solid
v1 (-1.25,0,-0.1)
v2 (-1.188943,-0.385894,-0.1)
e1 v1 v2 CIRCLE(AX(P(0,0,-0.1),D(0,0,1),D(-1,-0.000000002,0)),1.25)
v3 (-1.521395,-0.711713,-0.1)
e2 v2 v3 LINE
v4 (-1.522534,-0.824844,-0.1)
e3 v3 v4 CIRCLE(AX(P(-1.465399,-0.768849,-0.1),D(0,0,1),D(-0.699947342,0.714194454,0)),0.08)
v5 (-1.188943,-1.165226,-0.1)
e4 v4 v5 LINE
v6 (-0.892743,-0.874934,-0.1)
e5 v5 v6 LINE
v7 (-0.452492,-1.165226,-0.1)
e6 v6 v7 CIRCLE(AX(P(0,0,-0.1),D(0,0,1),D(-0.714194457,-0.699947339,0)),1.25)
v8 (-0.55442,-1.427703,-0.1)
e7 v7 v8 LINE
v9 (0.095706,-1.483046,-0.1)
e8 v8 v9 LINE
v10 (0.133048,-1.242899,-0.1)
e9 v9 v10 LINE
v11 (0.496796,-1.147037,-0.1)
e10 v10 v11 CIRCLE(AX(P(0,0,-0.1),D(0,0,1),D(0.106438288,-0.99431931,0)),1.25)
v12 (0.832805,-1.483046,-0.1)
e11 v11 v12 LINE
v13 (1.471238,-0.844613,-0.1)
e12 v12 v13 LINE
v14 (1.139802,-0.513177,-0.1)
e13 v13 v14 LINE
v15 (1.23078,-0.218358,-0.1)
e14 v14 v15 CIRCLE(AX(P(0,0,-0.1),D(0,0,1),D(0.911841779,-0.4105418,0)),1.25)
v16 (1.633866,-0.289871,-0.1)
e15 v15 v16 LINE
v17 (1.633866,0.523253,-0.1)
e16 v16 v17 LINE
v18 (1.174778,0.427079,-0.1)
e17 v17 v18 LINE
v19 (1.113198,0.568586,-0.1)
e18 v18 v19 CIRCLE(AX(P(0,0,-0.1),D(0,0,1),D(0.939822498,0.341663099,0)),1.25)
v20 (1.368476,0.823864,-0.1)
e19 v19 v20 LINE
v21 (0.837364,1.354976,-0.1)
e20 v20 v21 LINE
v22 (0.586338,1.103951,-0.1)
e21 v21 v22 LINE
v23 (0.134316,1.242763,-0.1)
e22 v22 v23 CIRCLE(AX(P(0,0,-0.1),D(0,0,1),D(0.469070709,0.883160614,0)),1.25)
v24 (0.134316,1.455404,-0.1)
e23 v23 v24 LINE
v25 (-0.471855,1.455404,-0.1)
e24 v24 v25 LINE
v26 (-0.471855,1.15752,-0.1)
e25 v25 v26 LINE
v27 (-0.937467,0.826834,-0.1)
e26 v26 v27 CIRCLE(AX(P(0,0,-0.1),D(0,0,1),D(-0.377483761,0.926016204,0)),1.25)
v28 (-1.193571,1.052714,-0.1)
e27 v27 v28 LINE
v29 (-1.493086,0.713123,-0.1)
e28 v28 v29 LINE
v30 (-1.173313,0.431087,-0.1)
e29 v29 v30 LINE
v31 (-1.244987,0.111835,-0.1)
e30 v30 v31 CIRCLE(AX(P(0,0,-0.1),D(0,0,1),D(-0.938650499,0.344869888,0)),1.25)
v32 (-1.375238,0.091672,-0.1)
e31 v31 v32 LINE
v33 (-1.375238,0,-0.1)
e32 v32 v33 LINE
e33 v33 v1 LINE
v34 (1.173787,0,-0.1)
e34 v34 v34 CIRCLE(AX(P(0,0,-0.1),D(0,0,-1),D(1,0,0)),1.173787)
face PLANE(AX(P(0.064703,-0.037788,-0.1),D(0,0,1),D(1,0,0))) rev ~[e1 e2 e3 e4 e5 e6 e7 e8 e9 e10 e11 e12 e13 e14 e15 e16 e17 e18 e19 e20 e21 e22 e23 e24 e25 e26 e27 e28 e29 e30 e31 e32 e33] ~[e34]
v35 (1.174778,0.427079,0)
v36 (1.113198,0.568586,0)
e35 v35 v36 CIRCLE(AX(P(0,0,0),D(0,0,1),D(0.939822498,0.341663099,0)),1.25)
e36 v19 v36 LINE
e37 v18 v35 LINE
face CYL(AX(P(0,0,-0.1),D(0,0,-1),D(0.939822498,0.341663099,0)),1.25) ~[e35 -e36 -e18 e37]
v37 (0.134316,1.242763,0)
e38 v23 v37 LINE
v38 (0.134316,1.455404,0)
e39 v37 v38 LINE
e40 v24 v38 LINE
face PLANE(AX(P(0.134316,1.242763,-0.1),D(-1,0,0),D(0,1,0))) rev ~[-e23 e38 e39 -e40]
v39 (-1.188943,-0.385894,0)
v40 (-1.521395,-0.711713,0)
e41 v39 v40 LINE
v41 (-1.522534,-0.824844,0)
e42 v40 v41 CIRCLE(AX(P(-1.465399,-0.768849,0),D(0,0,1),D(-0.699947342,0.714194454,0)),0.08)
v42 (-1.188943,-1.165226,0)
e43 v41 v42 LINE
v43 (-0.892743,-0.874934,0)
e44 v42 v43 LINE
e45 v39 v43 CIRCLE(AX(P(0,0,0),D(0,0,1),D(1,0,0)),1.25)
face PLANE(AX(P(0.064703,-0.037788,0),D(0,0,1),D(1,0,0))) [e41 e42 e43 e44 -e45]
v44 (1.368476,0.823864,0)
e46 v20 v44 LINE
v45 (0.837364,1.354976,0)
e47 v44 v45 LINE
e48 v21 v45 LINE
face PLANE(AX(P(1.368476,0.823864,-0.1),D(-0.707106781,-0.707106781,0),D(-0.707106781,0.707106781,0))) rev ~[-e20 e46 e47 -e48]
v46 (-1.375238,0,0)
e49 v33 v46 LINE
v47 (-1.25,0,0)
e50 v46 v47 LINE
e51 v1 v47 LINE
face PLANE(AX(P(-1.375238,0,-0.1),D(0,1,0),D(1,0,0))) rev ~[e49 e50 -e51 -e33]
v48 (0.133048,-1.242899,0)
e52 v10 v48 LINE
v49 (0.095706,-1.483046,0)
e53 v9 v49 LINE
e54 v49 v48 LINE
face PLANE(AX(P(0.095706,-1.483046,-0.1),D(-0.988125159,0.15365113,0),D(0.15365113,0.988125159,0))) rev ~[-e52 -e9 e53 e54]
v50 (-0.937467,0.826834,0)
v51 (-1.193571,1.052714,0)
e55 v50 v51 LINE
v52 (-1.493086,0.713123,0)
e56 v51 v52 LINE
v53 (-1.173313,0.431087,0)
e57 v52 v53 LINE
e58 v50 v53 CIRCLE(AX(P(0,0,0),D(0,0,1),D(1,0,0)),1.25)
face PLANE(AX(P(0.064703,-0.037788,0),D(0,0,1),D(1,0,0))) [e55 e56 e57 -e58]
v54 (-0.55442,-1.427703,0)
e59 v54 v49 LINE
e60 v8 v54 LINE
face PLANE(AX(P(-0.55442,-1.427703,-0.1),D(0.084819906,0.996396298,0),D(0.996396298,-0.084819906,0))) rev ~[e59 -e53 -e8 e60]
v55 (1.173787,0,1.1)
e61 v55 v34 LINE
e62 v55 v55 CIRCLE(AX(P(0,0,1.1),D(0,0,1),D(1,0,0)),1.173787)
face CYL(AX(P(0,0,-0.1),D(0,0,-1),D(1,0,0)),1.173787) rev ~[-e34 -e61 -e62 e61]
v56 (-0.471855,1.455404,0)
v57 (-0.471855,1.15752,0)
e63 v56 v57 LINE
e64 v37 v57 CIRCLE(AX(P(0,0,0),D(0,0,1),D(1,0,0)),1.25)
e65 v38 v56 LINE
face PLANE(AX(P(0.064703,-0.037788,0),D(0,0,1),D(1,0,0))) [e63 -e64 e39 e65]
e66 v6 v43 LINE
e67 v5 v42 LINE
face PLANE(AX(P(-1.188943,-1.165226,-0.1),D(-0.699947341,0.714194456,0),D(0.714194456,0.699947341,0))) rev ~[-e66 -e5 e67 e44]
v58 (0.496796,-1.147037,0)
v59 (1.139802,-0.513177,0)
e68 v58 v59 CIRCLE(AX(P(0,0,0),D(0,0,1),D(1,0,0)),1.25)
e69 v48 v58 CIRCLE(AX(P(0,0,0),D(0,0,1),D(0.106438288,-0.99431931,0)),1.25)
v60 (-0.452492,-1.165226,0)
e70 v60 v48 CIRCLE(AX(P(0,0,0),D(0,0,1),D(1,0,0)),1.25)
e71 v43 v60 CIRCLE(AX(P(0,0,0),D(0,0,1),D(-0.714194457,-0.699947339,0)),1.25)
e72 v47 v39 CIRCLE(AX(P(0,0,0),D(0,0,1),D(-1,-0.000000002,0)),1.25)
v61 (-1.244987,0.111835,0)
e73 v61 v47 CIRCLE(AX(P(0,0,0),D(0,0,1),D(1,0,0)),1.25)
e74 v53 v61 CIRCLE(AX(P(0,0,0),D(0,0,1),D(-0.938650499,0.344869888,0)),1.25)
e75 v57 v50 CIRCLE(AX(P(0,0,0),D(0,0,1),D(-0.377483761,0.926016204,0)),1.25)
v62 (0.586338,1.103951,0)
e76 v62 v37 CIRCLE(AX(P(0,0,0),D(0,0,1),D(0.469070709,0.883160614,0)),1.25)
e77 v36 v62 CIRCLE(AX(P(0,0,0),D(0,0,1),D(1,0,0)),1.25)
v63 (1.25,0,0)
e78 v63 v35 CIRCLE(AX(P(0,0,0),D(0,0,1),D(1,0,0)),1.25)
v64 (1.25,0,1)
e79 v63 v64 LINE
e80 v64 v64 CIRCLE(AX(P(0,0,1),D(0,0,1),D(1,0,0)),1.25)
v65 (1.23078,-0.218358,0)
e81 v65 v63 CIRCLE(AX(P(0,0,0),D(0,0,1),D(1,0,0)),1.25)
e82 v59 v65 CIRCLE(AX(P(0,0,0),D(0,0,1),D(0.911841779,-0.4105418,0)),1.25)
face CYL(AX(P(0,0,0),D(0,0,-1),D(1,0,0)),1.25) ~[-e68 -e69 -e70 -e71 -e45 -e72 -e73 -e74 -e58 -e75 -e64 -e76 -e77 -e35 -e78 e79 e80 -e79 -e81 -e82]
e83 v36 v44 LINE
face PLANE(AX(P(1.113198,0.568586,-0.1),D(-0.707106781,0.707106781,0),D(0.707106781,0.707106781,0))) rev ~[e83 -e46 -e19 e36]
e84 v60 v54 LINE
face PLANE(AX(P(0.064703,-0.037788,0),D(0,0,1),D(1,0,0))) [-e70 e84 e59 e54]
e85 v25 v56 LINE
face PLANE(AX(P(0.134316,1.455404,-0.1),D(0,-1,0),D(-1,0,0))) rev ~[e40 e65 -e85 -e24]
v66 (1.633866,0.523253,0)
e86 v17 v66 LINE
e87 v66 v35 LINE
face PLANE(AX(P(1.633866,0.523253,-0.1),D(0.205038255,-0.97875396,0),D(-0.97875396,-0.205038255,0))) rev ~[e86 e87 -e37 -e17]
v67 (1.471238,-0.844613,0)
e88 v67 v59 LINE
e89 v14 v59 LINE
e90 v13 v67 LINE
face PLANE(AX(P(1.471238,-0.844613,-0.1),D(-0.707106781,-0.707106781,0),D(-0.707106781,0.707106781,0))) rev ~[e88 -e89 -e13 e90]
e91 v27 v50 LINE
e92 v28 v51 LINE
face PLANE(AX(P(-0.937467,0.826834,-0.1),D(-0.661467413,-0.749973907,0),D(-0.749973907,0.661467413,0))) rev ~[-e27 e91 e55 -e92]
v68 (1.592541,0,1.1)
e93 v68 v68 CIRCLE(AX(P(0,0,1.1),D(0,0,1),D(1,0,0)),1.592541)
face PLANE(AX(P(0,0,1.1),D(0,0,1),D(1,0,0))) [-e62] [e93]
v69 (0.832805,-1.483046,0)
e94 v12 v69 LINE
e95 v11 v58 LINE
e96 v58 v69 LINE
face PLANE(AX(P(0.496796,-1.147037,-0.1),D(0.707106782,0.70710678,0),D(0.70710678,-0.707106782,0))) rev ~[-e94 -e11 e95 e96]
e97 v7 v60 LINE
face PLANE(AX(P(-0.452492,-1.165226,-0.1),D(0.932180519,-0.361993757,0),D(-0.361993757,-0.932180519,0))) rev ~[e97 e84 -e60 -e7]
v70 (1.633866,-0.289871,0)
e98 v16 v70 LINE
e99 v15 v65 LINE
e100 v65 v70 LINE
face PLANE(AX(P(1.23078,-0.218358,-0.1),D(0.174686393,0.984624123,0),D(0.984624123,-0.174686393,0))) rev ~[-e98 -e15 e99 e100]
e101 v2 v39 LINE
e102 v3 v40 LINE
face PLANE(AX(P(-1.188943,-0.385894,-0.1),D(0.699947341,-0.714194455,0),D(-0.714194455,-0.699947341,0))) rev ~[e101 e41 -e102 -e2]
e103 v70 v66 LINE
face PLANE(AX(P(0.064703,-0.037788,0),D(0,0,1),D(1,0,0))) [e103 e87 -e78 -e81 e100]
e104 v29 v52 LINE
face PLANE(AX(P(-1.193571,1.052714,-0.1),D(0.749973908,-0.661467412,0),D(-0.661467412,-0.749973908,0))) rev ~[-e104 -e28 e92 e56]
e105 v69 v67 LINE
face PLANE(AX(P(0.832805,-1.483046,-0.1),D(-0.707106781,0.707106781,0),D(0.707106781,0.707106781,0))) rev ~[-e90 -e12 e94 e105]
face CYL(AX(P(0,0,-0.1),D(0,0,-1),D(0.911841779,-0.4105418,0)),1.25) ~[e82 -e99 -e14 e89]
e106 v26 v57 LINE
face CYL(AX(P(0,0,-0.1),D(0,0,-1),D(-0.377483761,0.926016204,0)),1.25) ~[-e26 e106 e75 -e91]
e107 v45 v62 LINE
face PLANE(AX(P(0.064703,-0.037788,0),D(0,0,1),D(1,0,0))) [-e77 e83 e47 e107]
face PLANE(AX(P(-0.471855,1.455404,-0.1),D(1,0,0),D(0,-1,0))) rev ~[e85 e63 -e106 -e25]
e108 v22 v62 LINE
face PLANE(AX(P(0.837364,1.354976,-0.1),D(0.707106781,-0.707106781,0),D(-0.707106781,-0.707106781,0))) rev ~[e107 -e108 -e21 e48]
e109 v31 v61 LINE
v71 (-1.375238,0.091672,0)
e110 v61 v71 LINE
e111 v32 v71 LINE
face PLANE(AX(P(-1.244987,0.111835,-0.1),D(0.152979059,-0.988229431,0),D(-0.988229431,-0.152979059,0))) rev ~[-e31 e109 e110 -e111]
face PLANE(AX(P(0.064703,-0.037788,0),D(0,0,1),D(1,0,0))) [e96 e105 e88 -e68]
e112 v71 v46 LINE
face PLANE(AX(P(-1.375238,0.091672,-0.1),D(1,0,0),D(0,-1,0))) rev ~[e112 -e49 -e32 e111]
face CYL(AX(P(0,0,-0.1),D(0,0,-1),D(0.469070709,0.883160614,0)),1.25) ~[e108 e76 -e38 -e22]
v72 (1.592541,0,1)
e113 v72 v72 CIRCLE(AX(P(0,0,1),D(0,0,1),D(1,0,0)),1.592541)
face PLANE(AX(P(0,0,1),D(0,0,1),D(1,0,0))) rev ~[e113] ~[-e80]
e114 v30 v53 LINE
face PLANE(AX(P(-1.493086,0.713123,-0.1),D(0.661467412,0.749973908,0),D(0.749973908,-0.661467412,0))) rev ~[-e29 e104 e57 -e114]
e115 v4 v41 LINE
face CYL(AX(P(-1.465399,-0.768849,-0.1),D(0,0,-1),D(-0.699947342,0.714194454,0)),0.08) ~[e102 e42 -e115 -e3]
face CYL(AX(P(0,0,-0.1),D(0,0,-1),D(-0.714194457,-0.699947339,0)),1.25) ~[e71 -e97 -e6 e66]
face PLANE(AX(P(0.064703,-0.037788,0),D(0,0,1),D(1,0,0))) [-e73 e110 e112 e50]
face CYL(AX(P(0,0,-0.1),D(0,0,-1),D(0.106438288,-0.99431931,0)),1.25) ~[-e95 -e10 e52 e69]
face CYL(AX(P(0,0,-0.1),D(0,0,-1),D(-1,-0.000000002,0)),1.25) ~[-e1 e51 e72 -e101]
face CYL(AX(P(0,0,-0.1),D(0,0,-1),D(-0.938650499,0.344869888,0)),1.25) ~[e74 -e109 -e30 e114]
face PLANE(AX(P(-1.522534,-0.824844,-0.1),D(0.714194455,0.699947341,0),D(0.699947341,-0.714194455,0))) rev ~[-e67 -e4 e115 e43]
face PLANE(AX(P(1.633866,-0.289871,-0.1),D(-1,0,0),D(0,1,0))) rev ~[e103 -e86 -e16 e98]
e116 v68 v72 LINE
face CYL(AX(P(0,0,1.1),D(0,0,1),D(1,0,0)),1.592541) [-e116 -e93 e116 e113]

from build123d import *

# Parameters (mm, degrees)
SKICA1_R                 = 1.25
P_IDAT_VYSUNUT_M1_DEPTH  = 1
SKICA2_R                 = 1.173786911
ODEBRAT_VYSUNUT_M1_DEPTH = 10
P_IDAT_START             = 0.1
SKICA3_R                 = 1.592540519
SKICA3_R_2               = 1.173786911
P_IDAT_VYSUNUT_M2_DEPTH  = 0.1
SKICA4_R                 = 1.173786911
P_IDAT_VYSUNUT_M3_DEPTH  = 0.1


with BuildPart() as part:
    # Skica1 → Přidat vysunutím1 (new body)
    with BuildSketch(Plane.XY):
        Circle(SKICA1_R)
    extrude(amount=P_IDAT_VYSUNUT_M1_DEPTH)

    # Skica2 → Odebrat vysunutím1 (cut)
    with BuildSketch(Plane.XY.offset(1)):
        Circle(SKICA2_R)
    extrude(amount=-ODEBRAT_VYSUNUT_M1_DEPTH, mode=Mode.SUBTRACT)

    # Skica3 → Přidat vysunutím2 (add)
    with BuildSketch(Plane.XY.offset(1).offset(P_IDAT_START)):
        Circle(SKICA3_R)
        Circle(SKICA3_R_2, mode=Mode.SUBTRACT)
    extrude(amount=-P_IDAT_VYSUNUT_M2_DEPTH)

    # Skica4 → Přidat vysunutím3 (add)
    with BuildSketch(Plane(origin=(0, 0, 0), x_dir=(-1, 0, 0), z_dir=(0, 0, -1)).offset(P_IDAT_START)):
        with BuildLine():
            Line((-0.134315846, 1.24276275), (-0.134315846, 1.455404156))
            Line((-0.134315846, 1.455404156), (0.471854701, 1.455404156))
            Line((0.471854701, 1.455404156), (0.471854701, 1.157520255))
            ThreePointArc((0.471854701, 1.157520255), (0.723799345, 1.019124383), (0.937467385, 0.826834266))
            Line((0.937467385, 0.826834266), (1.193570715, 1.052714134))
            Line((1.193570715, 1.052714134), (1.493085883, 0.71312286))
            Line((1.493085883, 0.71312286), (1.173313122, 0.431087367))
            ThreePointArc((1.173313122, 0.431087367), (1.219641203, 0.273816243), (1.244987165, 0.111834515))
            Line((1.244987165, 0.111834515), (1.375237606, 0.091671596))
            Line((1.375237606, 0.091671596), (1.375237606, 0))
            Line((1.375237606, 0), (1.25, 0))
            ThreePointArc((1.25, 0), (1.234641469, -0.19534698), (1.188943292, -0.385893572))
            Line((1.188943292, -0.385893572), (1.521394679, -0.71171305))
            ThreePointArc((1.521394679, -0.71171305), (1.545394832, -0.768042668), (1.522534448, -0.824844394))
            Line((1.522534448, -0.824844394), (1.188943292, -1.165225648))
            Line((1.188943292, -1.165225648), (0.892743068, -0.874934177))
            ThreePointArc((0.892743068, -0.874934177), (0.688100113, -1.043560365), (0.452492198, -1.165225648))
            Line((0.452492198, -1.165225648), (0.554420085, -1.427703077))
            Line((0.554420085, -1.427703077), (-0.095705572, -1.483046114))
            Line((-0.095705572, -1.483046114), (-0.13304786, -1.242899138))
            ThreePointArc((-0.13304786, -1.242899138), (-0.31854859, -1.208729414), (-0.496795977, -1.147036947))
            Line((-0.496795977, -1.147036947), (-0.832805143, -1.483046114))
            Line((-0.832805143, -1.483046114), (-1.471238112, -0.844613145))
            Line((-1.471238112, -0.844613145), (-1.139802222, -0.513177255))
            ThreePointArc((-1.139802222, -0.513177255), (-1.194422371, -0.368585403), (-1.230780155, -0.218357988))
            Line((-1.230780155, -0.218357988), (-1.633865576, -0.289871103))
            Line((-1.633865576, -0.289871103), (-1.633865576, 0.523252679))
            Line((-1.633865576, 0.523252679), (-1.174778121, 0.427078876))
            ThreePointArc((-1.174778121, 0.427078876), (-1.14617393, 0.498783843), (-1.113197918, 0.568586312))
            Line((-1.113197918, 0.568586312), (-1.368475858, 0.823864252))
            Line((-1.368475858, 0.823864252), (-0.837363868, 1.354976242))
            Line((-0.837363868, 1.354976242), (-0.586338391, 1.103950765))
            ThreePointArc((-0.586338391, 1.103950765), (-0.36695071, 1.194925594), (-0.134315846, 1.24276275))
        make_face()
        with Locations(Location((0, 0, 0), (0, 0, 180))):
            Circle(SKICA4_R, mode=Mode.SUBTRACT)
    extrude(amount=-P_IDAT_VYSUNUT_M3_DEPTH)


solid = part.part
